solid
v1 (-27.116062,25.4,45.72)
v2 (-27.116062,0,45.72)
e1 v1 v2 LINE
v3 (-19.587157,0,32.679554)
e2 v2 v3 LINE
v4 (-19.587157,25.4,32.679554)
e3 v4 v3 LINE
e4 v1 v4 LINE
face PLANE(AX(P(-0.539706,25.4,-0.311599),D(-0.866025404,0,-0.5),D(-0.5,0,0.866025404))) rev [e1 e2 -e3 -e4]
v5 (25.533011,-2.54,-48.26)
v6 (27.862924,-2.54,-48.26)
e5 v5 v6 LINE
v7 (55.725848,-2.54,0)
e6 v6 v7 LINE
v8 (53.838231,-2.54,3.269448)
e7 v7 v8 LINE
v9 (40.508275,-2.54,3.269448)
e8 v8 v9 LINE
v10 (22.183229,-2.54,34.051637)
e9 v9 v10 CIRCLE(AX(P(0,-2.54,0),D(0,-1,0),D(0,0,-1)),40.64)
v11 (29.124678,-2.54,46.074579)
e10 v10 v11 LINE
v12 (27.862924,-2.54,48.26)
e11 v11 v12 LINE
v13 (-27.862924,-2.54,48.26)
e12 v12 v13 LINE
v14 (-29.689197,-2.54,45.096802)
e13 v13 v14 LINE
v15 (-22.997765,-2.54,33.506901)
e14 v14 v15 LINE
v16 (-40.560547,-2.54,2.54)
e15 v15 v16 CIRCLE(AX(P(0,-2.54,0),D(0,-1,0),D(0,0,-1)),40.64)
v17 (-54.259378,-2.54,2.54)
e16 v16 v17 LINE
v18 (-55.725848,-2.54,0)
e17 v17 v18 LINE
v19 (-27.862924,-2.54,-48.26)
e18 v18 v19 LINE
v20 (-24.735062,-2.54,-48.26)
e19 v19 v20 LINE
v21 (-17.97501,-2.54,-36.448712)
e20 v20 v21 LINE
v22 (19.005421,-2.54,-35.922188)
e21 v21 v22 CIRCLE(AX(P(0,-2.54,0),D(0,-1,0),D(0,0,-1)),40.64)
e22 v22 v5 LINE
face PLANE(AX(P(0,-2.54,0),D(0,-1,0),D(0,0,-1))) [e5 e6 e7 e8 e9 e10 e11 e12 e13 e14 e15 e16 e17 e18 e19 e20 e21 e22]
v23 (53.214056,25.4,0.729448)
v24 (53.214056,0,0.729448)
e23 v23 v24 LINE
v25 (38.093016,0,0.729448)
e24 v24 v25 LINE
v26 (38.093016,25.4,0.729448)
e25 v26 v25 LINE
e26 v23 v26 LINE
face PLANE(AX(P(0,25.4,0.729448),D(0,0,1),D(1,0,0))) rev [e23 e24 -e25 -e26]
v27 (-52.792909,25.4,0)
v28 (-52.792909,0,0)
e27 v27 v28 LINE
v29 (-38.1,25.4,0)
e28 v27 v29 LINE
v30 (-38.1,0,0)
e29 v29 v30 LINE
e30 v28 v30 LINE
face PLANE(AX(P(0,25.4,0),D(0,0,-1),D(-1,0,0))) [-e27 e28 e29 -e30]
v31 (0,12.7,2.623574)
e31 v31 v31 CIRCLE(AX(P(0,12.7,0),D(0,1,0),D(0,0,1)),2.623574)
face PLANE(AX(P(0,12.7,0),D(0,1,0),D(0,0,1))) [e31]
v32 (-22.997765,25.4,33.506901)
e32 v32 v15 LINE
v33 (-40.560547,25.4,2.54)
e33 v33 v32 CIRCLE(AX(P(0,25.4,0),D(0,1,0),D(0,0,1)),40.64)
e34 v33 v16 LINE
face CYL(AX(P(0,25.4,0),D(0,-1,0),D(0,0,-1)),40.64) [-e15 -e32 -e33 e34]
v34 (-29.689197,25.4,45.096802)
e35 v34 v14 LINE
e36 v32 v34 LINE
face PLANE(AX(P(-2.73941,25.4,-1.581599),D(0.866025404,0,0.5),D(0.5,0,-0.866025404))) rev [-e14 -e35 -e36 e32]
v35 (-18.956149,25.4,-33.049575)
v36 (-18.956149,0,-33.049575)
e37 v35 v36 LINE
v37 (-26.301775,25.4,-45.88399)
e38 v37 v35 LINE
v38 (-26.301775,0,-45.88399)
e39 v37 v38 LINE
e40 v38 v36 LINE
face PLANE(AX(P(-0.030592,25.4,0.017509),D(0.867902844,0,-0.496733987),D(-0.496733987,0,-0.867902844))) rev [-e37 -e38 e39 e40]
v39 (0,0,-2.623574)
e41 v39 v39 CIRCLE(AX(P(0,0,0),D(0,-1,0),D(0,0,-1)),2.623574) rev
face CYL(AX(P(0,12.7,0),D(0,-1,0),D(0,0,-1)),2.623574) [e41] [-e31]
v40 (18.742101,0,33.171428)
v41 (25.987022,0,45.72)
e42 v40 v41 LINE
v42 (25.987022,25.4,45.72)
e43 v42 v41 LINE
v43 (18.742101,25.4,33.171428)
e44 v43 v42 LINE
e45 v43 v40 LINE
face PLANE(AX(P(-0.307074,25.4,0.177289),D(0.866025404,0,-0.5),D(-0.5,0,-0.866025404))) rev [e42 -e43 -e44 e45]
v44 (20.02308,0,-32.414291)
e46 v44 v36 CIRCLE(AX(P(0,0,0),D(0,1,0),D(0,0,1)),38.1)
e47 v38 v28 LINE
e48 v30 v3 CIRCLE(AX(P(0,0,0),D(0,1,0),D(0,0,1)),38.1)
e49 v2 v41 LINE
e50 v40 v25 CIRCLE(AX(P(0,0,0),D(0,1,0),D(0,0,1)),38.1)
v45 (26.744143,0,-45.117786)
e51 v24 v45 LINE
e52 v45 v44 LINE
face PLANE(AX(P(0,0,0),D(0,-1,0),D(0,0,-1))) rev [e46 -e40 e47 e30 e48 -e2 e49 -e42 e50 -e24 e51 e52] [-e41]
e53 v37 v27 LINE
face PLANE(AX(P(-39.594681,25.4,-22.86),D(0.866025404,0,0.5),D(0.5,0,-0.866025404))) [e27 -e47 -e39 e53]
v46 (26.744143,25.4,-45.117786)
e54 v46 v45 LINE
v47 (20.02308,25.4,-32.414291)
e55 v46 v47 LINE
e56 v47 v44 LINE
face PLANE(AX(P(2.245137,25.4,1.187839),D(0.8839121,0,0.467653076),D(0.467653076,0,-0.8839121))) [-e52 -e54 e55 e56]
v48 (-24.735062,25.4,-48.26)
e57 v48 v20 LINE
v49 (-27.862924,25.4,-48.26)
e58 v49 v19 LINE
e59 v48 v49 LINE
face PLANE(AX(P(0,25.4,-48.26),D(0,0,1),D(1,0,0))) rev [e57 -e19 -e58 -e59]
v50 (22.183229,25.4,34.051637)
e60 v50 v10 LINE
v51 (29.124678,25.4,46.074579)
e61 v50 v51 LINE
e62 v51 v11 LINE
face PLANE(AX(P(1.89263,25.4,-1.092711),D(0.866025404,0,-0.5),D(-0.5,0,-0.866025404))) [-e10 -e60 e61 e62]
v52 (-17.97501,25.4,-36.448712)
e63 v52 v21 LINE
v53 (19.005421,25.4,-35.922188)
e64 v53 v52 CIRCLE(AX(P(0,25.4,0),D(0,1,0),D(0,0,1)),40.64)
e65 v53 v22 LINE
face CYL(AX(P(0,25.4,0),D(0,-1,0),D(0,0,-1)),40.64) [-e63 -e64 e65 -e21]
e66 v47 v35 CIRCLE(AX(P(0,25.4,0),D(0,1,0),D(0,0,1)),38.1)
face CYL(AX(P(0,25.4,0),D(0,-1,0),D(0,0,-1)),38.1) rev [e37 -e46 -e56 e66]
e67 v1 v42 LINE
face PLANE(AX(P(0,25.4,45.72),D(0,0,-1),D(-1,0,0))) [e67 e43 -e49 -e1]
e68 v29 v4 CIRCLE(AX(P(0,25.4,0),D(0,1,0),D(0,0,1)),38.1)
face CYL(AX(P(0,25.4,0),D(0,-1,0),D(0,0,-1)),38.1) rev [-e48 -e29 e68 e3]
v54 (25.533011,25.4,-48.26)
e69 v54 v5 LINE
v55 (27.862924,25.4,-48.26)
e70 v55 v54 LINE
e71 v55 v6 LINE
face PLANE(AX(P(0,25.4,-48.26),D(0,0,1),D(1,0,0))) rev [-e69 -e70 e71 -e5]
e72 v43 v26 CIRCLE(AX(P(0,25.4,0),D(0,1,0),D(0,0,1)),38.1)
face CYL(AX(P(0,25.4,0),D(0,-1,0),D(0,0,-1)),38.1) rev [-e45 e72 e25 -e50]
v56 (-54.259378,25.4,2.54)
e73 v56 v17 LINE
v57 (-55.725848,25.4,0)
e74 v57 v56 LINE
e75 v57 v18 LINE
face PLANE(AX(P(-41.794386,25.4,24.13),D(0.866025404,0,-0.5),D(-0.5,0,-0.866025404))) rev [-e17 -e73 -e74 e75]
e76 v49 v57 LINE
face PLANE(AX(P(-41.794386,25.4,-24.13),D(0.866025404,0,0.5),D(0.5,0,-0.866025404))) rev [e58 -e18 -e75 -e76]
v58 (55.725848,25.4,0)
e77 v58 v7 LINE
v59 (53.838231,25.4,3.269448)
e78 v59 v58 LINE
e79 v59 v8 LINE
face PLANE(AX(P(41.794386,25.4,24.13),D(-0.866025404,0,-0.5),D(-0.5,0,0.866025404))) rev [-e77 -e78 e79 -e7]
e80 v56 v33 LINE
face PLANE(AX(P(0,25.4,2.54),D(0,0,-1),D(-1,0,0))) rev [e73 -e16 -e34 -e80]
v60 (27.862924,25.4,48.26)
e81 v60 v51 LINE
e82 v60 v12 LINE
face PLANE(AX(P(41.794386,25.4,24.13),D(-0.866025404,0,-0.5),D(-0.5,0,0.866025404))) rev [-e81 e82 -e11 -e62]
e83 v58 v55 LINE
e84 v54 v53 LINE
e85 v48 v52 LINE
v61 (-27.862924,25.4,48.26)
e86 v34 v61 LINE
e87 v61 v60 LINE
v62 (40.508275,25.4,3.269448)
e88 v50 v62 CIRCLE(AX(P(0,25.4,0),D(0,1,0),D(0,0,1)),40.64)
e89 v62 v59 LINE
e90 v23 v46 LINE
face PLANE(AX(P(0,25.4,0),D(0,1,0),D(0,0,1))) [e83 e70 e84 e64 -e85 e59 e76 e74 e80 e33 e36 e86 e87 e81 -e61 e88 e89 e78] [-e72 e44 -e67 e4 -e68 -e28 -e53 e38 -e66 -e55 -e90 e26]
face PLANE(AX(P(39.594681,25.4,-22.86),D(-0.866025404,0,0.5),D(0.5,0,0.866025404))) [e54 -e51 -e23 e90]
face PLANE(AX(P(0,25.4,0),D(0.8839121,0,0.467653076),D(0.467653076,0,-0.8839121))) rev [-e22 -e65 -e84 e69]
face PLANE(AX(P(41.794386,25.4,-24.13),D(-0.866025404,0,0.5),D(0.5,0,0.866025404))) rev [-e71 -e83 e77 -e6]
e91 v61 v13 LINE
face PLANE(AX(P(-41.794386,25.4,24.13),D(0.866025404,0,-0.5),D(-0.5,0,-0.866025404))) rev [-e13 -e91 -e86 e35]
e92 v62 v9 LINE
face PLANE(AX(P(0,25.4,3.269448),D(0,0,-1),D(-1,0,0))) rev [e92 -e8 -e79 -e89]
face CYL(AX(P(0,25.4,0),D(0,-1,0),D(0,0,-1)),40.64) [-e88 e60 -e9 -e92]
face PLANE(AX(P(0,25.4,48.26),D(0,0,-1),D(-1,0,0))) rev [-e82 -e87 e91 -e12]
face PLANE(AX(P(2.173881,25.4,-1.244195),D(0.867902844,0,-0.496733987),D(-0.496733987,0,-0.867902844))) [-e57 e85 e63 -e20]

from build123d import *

# Parameters (mm, degrees)
EXTRUDE_2_DEPTH = 25.4
EXTRUDE_START   = 2.54
EXTRUDE_4_DEPTH = 2.54
SKETCH_4_R      = 2.623574207
EXTRUDE_5_DEPTH = 12.7


with BuildPart() as part:
    # 草图2 → 凸台-拉伸2 (new body)
    with BuildSketch(Plane(origin=(0, 0, 0), x_dir=(1, 0, 0), z_dir=(0, 1, 0))):
        with BuildLine():
            Line((27.862923991, 48.26), (25.533011104, 48.26))
            Line((25.533011104, 48.26), (19.005421019, 35.922187738))
            ThreePointArc((19.005421019, 35.922187738), (0.578570421, 40.635881389), (-17.97500995, 36.448712149))
            Line((-17.97500995, 36.448712149), (-24.735061671, 48.26))
            Line((-24.735061671, 48.26), (-27.862923991, 48.26))
            Line((-27.862923991, 48.26), (-55.725847982, 0))
            Line((-55.725847982, 0), (-54.259378298, -2.54))
            Line((-54.259378298, -2.54), (-40.560547334, -2.54))
            ThreePointArc((-40.560547334, -2.54), (-35.350417354, -20.048880091), (-22.997765154, -33.50690075))
            Line((-22.997765154, -33.50690075), (-28.222727801, -42.556801521))
            Line((-28.222727801, -42.556801521), (-29.689197484, -45.096801521))
            Line((-29.689197484, -45.096801521), (-27.862923991, -48.26))
            Line((-27.862923991, -48.26), (27.862923991, -48.26))
            Line((27.862923991, -48.26), (29.124677573, -46.07457869))
            Line((29.124677573, -46.07457869), (22.183228773, -34.051636689))
            ThreePointArc((22.183228773, -34.051636689), (34.920508786, -20.78864272), (40.508274586, -3.269447975))
            Line((40.508274586, -3.269447975), (53.838231313, -3.269447975))
            Line((53.838231313, -3.269447975), (55.725847982, 0))
            Line((55.725847982, 0), (27.862923991, 48.26))
        make_face()
        with BuildLine():
            Line((-26.301774892, 45.883989559), (-18.95614877, 33.049575244))
            ThreePointArc((-18.95614877, 33.049575244), (0.620872136, 38.094940842), (20.02308022, 32.414290961))
            Line((20.02308022, 32.414290961), (26.744142761, 45.117785934))
            Line((26.744142761, 45.117785934), (53.2140556, -0.729447975))
            Line((53.2140556, -0.729447975), (38.093016495, -0.729447975))
            ThreePointArc((38.093016495, -0.729447975), (32.721218848, -19.517475172), (18.742100855, -33.171428301))
            Line((18.742100855, -33.171428301), (25.987022104, -45.72))
            Line((25.987022104, -45.72), (-27.116061926, -45.72))
            Line((-27.116061926, -45.72), (-19.587157143, -32.679554389))
            ThreePointArc((-19.587157143, -32.679554389), (-33.150269133, -18.779500963), (-38.1, 0))
            Line((-38.1, 0), (-52.792908615, 0))
            Line((-52.792908615, 0), (-26.301774892, 45.883989559))
        make_face(mode=Mode.SUBTRACT)
    extrude(amount=EXTRUDE_2_DEPTH)

    # 草图3 → 凸台-拉伸4 (add)
    with BuildSketch(Plane.XZ.offset(EXTRUDE_START)):
        with BuildLine():
            Line((22.183228773, 34.051636689), (29.124677573, 46.07457869))
            Line((29.124677573, 46.07457869), (27.862923991, 48.26))
            Line((27.862923991, 48.26), (-27.862923991, 48.26))
            Line((-27.862923991, 48.26), (-29.689197484, 45.096801521))
            Line((-29.689197484, 45.096801521), (-22.997765154, 33.50690075))
            ThreePointArc((-22.997765154, 33.50690075), (-35.350417354, 20.048880091), (-40.560547334, 2.54))
            Line((-40.560547334, 2.54), (-54.259378298, 2.54))
            Line((-54.259378298, 2.54), (-55.725847982, 0))
            Line((-55.725847982, 0), (-27.862923991, -48.26))
            Line((-27.862923991, -48.26), (-24.735061671, -48.26))
            Line((-24.735061671, -48.26), (-17.97500995, -36.448712149))
            ThreePointArc((-17.97500995, -36.448712149), (0.578570421, -40.635881389), (19.005421019, -35.922187738))
            Line((19.005421019, -35.922187738), (25.533011104, -48.26))
            Line((25.533011104, -48.26), (27.862923991, -48.26))
            Line((27.862923991, -48.26), (55.725847982, 0))
            Line((55.725847982, 0), (53.838231313, 3.269447975))
            Line((53.838231313, 3.269447975), (40.508274586, 3.269447975))
            ThreePointArc((40.508274586, 3.269447975), (34.920508786, 20.78864272), (22.183228773, 34.051636689))
        make_face()
    extrude(amount=-EXTRUDE_4_DEPTH)

    # 草图4 → 凸台-拉伸5 (add)
    with BuildSketch(Plane(origin=(0, 0, 0), x_dir=(1, 0, 0), z_dir=(0, 1, 0))):
        with Locations(Location((0, 0, 0), (0, 0, 90))):
            Circle(SKETCH_4_R)
    extrude(amount=EXTRUDE_5_DEPTH)


solid = part.part
